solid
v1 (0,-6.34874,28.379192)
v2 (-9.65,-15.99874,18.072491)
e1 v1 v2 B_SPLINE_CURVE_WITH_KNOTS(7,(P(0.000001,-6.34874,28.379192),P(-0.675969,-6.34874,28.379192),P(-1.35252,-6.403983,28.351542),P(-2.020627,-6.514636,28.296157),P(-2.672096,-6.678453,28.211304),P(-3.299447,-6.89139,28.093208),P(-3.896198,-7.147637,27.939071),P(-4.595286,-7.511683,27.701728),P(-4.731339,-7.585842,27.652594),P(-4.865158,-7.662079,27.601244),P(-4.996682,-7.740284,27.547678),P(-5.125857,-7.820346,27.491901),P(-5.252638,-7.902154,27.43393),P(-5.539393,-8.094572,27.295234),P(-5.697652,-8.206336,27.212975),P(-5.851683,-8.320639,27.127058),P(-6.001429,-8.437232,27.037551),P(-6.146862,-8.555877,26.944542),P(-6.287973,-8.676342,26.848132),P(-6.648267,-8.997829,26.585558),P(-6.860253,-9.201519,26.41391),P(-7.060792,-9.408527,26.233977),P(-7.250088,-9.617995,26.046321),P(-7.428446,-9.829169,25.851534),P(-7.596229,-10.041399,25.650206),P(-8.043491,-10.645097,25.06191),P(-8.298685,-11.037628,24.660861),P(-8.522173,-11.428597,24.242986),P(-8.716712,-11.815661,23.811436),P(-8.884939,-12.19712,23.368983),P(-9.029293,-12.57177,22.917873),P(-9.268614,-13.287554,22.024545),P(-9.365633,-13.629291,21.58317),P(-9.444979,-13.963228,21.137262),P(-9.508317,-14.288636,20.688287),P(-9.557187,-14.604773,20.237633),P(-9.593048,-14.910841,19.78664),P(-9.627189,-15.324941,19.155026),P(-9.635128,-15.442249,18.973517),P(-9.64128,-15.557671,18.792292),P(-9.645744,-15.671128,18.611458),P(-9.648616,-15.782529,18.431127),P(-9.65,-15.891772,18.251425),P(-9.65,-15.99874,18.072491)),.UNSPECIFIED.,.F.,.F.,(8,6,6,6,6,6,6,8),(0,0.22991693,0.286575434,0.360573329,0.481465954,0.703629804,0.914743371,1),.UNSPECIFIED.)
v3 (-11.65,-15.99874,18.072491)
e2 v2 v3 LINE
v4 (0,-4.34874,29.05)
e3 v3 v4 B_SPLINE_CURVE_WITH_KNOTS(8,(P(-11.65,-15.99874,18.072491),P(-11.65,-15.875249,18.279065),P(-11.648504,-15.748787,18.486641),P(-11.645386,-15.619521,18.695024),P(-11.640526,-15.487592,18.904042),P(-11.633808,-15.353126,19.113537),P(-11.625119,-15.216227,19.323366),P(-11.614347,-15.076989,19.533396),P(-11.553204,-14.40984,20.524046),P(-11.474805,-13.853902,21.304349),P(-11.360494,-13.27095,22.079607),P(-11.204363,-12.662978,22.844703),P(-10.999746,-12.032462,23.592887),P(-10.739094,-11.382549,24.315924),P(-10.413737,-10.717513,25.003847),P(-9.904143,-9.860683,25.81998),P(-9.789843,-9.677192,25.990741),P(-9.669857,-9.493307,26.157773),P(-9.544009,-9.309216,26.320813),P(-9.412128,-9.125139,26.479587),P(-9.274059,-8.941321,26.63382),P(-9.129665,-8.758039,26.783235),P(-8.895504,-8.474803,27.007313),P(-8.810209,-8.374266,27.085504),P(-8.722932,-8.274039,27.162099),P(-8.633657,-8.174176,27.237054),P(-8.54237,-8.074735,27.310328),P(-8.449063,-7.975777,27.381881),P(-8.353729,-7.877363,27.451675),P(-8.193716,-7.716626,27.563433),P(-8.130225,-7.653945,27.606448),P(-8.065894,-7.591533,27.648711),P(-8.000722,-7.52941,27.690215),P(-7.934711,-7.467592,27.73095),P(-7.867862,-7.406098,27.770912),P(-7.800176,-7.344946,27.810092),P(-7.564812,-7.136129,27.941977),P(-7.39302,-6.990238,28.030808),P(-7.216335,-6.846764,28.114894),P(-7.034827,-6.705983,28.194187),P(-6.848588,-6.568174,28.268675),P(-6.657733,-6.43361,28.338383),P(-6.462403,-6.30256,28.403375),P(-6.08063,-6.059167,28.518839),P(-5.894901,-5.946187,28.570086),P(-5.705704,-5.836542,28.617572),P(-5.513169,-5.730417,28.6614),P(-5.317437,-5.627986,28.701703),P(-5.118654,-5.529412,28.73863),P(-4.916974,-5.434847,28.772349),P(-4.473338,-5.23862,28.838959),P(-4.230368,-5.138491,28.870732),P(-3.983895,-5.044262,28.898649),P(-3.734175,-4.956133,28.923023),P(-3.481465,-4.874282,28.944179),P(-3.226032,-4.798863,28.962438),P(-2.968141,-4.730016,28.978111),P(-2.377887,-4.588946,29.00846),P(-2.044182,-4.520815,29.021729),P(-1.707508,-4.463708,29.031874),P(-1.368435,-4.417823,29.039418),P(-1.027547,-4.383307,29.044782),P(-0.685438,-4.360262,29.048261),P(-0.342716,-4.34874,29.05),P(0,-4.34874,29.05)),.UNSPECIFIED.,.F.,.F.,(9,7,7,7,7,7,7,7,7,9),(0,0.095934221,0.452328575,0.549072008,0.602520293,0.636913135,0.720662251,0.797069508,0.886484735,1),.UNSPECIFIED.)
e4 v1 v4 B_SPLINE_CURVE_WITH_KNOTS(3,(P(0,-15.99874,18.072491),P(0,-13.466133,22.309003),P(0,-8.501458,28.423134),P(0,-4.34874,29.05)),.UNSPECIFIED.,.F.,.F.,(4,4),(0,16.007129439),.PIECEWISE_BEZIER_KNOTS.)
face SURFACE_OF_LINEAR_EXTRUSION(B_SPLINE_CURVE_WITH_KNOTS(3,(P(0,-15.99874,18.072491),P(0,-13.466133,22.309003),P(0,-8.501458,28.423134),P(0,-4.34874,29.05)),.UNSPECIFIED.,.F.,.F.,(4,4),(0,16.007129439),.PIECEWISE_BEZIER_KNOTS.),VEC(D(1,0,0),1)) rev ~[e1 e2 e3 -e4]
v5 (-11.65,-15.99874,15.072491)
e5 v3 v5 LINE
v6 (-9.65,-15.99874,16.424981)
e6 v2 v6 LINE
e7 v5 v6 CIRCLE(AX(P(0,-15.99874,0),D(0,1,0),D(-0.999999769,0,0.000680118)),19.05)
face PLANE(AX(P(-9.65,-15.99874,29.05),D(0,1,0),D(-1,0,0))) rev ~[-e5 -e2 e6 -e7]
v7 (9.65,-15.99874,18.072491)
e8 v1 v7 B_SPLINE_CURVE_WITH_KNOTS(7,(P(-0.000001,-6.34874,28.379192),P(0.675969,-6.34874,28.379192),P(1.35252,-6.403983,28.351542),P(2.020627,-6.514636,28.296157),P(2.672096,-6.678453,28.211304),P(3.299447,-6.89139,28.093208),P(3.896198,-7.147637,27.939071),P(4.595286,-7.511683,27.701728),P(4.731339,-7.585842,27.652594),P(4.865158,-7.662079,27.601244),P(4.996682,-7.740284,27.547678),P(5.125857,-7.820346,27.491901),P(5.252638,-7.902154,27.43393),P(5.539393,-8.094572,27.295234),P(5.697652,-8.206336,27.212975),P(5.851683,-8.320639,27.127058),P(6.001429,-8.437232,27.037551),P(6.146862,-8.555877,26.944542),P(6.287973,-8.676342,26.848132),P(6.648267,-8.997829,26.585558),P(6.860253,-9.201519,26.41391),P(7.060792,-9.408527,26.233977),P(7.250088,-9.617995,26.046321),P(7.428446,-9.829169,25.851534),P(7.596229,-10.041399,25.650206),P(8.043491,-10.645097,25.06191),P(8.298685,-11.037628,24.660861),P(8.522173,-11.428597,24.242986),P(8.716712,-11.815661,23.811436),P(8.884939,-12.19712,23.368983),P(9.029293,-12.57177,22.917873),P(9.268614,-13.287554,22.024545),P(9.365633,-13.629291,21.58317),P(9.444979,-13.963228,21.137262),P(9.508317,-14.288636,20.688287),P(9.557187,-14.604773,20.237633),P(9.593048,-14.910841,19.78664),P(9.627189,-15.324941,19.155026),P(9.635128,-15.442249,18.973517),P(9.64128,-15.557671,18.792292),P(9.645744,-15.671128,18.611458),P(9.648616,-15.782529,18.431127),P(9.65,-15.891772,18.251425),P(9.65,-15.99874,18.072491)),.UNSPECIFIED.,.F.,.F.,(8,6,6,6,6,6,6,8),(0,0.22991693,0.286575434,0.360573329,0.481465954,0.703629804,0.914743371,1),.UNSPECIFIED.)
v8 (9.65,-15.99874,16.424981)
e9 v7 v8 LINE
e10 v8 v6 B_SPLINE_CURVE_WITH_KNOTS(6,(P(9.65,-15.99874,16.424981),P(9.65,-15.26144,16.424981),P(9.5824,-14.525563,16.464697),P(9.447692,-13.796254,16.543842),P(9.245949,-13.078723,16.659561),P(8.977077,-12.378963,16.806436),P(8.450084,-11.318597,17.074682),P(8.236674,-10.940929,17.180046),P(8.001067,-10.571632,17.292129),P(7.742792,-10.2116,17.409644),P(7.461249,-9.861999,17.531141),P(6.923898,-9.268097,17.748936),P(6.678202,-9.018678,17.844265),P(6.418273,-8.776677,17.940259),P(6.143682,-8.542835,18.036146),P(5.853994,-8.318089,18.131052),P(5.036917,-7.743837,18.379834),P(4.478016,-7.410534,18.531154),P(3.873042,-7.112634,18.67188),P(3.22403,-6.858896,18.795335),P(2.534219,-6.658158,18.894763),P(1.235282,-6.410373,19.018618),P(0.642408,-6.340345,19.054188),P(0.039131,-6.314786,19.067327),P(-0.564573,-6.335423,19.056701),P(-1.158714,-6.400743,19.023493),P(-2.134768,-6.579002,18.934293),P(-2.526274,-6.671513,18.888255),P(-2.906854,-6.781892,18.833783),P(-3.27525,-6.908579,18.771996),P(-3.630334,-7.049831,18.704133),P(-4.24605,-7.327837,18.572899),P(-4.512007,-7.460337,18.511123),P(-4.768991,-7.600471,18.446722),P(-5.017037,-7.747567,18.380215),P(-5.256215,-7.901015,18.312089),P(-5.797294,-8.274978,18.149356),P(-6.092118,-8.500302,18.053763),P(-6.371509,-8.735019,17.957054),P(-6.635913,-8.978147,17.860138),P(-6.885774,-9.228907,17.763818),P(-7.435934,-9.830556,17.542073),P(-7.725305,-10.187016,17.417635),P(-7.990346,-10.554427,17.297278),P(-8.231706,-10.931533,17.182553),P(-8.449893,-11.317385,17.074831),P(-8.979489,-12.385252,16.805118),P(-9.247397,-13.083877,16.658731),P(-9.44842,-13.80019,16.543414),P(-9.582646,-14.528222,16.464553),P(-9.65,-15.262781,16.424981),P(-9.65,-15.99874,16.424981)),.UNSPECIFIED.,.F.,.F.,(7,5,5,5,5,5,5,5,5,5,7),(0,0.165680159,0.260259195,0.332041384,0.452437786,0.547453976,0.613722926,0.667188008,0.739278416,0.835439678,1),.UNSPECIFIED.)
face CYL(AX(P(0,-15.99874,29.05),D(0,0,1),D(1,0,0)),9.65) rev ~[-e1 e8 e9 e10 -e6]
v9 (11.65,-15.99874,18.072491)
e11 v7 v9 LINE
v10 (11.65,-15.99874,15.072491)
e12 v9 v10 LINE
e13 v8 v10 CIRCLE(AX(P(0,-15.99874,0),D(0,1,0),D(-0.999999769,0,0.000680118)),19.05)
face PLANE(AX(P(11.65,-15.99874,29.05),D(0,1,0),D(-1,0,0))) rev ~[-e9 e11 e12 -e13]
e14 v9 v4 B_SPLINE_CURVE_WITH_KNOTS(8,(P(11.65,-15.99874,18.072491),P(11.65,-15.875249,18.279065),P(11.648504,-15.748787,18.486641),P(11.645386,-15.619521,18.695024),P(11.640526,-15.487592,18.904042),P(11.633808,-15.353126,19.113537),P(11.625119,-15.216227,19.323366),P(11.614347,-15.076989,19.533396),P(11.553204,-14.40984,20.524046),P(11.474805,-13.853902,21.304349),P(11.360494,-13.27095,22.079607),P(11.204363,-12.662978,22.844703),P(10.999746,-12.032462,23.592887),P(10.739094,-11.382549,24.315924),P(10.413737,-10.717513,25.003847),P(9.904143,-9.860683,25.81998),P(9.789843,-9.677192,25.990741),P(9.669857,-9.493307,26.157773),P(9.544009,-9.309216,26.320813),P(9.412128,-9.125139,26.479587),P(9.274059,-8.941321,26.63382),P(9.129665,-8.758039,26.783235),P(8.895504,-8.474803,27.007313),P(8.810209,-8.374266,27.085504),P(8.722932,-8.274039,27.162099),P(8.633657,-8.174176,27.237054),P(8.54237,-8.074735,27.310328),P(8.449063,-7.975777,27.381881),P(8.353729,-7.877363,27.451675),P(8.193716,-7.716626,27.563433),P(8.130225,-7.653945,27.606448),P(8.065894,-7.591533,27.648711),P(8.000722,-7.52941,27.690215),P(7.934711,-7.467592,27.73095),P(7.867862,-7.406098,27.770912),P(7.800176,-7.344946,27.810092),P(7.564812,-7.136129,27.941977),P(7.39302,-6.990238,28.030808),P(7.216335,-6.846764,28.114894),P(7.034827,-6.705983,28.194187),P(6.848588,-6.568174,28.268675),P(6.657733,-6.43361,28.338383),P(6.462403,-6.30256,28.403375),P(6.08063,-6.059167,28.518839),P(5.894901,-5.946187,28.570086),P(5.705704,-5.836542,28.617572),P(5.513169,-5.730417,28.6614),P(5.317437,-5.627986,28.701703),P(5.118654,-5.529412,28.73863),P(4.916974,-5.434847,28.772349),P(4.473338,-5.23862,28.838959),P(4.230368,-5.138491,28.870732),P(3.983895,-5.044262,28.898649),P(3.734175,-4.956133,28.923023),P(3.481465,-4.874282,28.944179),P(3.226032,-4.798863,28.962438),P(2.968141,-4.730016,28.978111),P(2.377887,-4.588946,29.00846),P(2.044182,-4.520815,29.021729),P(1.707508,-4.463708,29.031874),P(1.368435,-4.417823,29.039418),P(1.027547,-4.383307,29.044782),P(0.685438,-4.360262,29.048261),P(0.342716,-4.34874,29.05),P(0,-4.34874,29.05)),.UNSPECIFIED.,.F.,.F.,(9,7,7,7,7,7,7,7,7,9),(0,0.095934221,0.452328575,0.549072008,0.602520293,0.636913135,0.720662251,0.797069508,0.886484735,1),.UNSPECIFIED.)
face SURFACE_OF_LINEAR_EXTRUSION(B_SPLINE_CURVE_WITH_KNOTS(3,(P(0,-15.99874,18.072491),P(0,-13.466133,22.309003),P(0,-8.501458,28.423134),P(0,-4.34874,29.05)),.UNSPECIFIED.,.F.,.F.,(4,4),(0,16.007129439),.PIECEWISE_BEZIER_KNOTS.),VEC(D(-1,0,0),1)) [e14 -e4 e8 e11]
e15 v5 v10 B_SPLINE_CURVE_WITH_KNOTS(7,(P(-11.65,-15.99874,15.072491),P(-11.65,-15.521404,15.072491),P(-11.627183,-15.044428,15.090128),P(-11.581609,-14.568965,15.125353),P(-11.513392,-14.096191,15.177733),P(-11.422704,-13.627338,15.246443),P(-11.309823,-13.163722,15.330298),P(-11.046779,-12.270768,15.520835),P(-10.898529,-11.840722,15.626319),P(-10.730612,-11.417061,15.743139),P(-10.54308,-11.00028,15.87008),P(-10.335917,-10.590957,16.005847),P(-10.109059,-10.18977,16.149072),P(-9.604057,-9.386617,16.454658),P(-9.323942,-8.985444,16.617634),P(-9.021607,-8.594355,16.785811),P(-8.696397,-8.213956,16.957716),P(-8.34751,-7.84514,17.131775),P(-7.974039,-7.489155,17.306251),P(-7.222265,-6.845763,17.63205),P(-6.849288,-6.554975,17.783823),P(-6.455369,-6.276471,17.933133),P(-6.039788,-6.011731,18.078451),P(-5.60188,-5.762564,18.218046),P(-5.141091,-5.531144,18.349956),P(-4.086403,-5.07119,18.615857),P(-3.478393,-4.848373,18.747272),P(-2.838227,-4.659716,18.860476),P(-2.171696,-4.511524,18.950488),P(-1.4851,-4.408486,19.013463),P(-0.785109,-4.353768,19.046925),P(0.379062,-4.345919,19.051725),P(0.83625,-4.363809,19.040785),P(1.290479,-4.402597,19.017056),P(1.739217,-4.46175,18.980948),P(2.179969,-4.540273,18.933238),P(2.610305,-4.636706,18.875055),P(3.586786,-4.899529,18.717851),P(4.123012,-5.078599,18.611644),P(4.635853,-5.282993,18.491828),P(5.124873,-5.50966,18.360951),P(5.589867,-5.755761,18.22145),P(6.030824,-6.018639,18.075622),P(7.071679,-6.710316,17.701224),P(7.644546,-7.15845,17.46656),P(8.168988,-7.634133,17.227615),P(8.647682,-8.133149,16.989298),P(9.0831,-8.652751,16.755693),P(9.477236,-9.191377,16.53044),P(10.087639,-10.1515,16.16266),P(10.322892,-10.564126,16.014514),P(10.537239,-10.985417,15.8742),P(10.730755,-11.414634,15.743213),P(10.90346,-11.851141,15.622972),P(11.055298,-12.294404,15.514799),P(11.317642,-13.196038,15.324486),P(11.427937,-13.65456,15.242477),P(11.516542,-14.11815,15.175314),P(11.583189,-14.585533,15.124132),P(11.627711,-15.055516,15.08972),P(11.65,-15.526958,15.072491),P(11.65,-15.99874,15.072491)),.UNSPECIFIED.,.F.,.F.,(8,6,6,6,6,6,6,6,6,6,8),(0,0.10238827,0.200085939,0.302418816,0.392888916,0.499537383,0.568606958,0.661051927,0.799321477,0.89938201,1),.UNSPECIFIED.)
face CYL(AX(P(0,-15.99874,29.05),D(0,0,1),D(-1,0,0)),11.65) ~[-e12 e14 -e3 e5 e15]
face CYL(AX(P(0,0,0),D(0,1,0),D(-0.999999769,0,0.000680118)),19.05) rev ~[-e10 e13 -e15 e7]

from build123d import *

# Parameters (mm, degrees)
F1_DEPTH      = 25
F2_W          = 38.0999911882
F2_H          = 25
F3_DEPTH      = 29.0380437433
F5_DEPTH      = 11.6510001
F5_DEPTH_BACK = 11.6510001


with BuildPart() as f1:
    # F0 (on Front) → F1 (new body)
    with BuildSketch(Plane.XZ):
        with BuildLine():
            ThreePointArc((-19.0499955941, 0.0129562567), (0, 19.05), (19.0499955941, 0.0129562567))
            Line((19.0499955941, 0.0129562567), (19.0499955941, 29.05))
            Line((19.0499955941, 29.05), (-19.0499955941, 29.05))
            Line((-19.0499955941, 29.05), (-19.0499955941, 0.0129562567))
        make_face()
    extrude(amount=F1_DEPTH)

    # F2 (on face) → F3 (cut, through all)
    with BuildSketch(Plane.XY.offset(29.05)):
        with Locations((0, -12.5)):
            Rectangle(F2_W, F2_H)
        with BuildLine():
            ThreePointArc((-11.65, -15.9987397492), (0, -4.3487397492), (11.65, -15.9987397492))
            Line((11.65, -15.9987397492), (9.6499996489, -15.9987397492))
            ThreePointArc((9.6499996489, -15.9987397492), (0, -6.3487401003), (-9.6499996489, -15.9987397492))
            Line((-9.6499996489, -15.9987397492), (-11.65, -15.9987397492))
        make_face(mode=Mode.SUBTRACT)
    extrude(amount=-F3_DEPTH, mode=Mode.SUBTRACT)

    # F4 (on Right) → F5 (cut, two sides)
    with BuildSketch(Plane.YZ) as f5_sk:
        with BuildLine():
            Line((-15.9987397492, 29.05), (-15.9987397492, 18.0724914994))
            add(Edge.make_bspline(
                [(-15.9987397492, 18.0724914994), (-13.4661328048, 22.3090033978), (-8.5014579818, 28.4231342375), (-4.3487397492, 29.05)],
                knots=[0, 0, 0, 0, 16.0071294391, 16.0071294391, 16.0071294391, 16.0071294391], degree=3))
            Line((-4.3487397492, 29.05), (-15.9987397492, 29.05))
        make_face()
    extrude(amount=-F5_DEPTH, mode=Mode.SUBTRACT)
    extrude(f5_sk.sketch, amount=F5_DEPTH_BACK, mode=Mode.SUBTRACT)


solid = f1.part
